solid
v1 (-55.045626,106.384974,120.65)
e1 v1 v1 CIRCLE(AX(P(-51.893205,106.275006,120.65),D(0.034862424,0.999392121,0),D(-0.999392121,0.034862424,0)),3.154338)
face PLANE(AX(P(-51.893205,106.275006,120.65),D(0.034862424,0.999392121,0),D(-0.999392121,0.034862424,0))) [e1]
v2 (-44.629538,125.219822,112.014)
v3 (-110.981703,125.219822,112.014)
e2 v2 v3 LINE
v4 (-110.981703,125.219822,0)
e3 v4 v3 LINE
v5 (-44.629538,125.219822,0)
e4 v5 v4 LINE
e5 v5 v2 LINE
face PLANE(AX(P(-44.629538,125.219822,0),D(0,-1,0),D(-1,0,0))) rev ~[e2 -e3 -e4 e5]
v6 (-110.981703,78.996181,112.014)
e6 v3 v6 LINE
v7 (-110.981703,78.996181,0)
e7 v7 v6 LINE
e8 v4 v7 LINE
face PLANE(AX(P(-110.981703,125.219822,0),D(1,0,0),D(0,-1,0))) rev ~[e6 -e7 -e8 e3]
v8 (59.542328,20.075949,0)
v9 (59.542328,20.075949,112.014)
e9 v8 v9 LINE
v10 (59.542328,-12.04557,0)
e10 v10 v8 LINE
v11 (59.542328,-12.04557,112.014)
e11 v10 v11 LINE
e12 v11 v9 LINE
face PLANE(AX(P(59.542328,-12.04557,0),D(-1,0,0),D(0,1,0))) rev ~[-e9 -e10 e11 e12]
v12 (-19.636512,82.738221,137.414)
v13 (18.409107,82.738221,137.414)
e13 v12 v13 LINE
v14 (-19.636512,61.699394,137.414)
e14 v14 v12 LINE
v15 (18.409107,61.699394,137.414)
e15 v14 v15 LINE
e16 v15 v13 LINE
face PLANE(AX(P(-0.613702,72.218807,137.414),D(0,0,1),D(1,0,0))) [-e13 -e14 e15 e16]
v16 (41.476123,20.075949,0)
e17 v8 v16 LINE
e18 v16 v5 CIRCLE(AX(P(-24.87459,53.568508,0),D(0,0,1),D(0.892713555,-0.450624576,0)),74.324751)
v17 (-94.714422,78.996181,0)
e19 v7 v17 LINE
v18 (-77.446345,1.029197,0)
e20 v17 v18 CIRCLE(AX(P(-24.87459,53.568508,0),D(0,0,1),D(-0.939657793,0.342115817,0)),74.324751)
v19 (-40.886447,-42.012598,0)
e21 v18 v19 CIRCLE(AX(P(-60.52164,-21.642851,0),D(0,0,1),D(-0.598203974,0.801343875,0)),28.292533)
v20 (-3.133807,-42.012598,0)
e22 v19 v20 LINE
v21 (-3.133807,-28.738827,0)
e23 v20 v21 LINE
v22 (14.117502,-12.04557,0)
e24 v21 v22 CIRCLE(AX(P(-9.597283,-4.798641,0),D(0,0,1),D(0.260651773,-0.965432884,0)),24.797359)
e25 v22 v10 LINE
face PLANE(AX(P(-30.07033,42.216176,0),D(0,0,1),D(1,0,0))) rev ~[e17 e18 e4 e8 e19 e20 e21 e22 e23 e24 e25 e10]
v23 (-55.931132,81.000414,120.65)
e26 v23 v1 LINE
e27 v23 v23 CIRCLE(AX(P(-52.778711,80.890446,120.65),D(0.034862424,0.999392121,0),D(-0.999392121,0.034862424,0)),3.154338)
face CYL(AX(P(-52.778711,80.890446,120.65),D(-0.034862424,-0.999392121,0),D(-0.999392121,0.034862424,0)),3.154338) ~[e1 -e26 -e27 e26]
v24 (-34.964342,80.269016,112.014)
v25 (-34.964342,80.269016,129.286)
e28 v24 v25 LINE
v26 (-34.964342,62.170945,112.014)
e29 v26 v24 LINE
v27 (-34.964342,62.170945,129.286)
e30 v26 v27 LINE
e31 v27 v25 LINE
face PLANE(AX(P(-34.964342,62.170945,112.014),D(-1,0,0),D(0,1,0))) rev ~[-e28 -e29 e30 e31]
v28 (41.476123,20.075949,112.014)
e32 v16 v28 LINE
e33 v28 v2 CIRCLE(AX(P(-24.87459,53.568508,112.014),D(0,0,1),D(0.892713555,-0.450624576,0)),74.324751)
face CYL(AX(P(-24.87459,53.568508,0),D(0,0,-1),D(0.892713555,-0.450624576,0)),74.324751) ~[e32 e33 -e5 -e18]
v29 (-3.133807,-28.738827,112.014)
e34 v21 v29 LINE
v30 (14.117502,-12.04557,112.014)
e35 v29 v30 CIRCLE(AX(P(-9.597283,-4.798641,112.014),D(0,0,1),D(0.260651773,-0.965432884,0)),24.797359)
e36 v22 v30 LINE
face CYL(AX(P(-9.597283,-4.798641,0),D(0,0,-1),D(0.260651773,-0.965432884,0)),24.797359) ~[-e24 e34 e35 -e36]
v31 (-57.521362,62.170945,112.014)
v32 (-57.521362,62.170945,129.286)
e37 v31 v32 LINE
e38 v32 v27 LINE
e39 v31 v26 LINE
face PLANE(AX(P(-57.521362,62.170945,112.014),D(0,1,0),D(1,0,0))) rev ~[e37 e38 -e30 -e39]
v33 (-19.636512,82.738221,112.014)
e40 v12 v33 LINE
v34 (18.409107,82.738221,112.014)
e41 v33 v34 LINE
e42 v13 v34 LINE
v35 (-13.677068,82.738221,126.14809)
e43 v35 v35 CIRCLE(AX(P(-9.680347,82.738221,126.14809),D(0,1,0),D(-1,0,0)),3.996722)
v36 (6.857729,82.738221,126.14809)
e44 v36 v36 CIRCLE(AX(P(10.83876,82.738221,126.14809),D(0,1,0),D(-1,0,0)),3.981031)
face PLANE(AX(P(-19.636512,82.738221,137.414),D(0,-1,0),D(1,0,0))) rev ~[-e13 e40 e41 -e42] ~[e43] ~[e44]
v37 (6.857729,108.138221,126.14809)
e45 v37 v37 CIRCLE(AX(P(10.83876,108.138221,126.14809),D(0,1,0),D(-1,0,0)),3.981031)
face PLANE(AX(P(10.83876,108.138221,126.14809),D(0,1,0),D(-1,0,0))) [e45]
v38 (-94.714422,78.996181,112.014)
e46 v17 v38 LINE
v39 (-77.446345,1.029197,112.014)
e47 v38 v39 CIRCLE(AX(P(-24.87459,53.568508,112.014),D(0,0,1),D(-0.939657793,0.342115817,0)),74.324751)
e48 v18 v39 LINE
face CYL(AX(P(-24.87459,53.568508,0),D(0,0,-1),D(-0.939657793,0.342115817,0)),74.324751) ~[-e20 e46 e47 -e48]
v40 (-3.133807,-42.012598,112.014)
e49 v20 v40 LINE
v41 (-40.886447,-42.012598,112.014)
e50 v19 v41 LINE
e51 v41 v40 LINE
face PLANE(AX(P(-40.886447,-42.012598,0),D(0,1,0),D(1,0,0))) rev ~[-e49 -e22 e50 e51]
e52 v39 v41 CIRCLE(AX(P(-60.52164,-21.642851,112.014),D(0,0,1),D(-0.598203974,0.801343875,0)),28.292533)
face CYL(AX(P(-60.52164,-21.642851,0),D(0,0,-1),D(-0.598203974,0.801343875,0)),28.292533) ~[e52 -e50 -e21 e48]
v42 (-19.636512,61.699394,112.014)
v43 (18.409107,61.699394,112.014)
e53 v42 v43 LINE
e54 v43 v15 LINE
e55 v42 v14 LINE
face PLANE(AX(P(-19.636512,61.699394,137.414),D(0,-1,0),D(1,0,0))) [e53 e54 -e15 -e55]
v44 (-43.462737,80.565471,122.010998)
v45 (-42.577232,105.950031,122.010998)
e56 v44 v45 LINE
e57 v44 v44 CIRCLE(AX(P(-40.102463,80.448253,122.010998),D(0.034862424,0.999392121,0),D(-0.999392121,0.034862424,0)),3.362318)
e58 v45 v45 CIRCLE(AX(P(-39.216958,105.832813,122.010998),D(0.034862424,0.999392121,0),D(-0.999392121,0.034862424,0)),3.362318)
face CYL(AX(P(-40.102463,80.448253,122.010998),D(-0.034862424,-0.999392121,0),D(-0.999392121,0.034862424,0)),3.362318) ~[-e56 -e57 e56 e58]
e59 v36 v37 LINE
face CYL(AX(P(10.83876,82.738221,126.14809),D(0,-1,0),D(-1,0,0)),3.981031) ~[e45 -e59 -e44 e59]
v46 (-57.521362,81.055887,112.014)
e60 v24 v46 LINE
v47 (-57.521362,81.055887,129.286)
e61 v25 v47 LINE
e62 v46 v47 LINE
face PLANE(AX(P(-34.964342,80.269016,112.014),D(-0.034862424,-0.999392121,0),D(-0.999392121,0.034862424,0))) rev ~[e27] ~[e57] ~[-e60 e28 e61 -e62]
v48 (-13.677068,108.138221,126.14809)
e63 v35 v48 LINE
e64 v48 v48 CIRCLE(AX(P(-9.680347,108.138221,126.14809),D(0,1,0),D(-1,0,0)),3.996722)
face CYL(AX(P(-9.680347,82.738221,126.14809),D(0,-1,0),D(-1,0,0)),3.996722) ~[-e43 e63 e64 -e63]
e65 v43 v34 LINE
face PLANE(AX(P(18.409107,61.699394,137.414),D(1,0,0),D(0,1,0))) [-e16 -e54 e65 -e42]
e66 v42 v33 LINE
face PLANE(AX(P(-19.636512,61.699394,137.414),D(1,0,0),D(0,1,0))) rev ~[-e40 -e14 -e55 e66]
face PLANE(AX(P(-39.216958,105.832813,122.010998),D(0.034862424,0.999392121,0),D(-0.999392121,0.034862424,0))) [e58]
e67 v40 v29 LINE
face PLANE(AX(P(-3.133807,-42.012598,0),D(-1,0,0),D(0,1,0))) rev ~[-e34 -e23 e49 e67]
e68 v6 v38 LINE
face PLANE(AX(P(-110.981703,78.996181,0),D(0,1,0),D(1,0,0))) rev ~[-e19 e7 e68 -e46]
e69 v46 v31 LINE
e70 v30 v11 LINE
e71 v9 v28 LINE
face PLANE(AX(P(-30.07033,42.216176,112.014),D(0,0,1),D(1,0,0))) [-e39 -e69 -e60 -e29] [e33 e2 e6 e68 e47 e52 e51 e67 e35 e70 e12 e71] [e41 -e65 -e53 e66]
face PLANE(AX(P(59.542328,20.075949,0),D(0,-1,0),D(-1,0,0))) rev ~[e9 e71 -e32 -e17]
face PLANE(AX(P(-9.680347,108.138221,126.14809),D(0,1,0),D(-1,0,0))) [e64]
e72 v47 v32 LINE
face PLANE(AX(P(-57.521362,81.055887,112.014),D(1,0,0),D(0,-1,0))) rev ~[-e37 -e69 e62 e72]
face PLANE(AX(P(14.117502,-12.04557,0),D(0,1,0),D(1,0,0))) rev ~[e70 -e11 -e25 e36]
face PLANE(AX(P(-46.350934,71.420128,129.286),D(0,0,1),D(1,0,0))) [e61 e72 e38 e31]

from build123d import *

# Parameters (mm, degrees)
F1_DEPTH  = 112.014
F3_DEPTH  = 17.272
F4_R      = 3.3623176789
F5_DEPTH  = 25.4
F6_R      = 3.1543384868
F7_DEPTH  = 25.4
F8_W      = 38.0456186831
F8_H      = 21.038826555
F9_DEPTH  = 25.4
F10_DEPTH = 8.382
F11_DEPTH = 10.414
F12_DEPTH = 9.652
F13_DEPTH = 11.684
F14_R     = 3.9810308691
F14_R_2   = 3.9967217836
F15_DEPTH = 25.4


with BuildPart() as f1:
    # F0 (on Top) → F1 (new body)
    with BuildSketch(Plane.XY):
        with BuildLine():
            ThreePointArc((-94.7144221793, 78.996181488), (-97.4408484509, 37.4965810895), (-77.4463454997, 1.029197235))
            ThreePointArc((-77.4463454997, 1.029197235), (-82.0851675961, -39.9590099953), (-40.8864470189, -42.0125983655))
            Line((-40.8864470189, -42.0125983655), (-3.1338073313, -42.0125983655))
            Line((-3.1338073313, -42.0125983655), (-3.1338073313, -28.7388270008))
            ThreePointArc((-3.1338073313, -28.7388270008), (7.6465004578, -22.6188809922), (14.1175022251, -12.0455697179))
            Line((14.1175022251, -12.0455697179), (59.5423281193, -12.0455697179))
            Line((59.5423281193, -12.0455697179), (59.5423281193, 20.0759489089))
            Line((59.5423281193, 20.0759489089), (41.4761226971, 20.0759489089))
            ThreePointArc((41.4761226971, 20.0759489089), (32.6284517751, 100.6595778454), (-44.6295377394, 125.2198219299))
            Line((-44.6295377394, 125.2198219299), (-110.9817028046, 125.2198219299))
            Line((-110.9817028046, 125.2198219299), (-110.9817028046, 78.996181488))
            Line((-110.9817028046, 78.996181488), (-94.7144221793, 78.996181488))
        make_face()
    extrude(amount=F1_DEPTH)

    # F2 (on face) → F3 (join)
    with BuildSketch(Plane.XY.offset(112.014)):
        Polygon((-34.9643416703, 80.2690163255), (-57.5213618577, 81.0558870435), (-57.5213618577, 62.1709451079), (-34.9643416703, 62.1709451079), align=None)
    extrude(amount=F3_DEPTH)

    # F4 (on face) → F5 (join)
    with BuildSketch(Plane(origin=(2.7541761254, 78.9532575536, 0), x_dir=(-0.9993921209, 0.0348624237, 0), z_dir=(0.0348624237, 0.9993921209, 0))):
        with Locations((42.88270697, 122.0109984279)):
            Circle(F4_R)
    extrude(amount=F5_DEPTH)

    # F6 (on face) → F7 (join)
    with BuildSketch(Plane(origin=(2.7541761254, 78.9532575536, 0), x_dir=(-0.9993921209, 0.0348624237, 0), z_dir=(0.0348624237, 0.9993921209, 0))):
        with Locations((55.5666647851, 120.65)):
            Circle(F6_R)
    extrude(amount=F7_DEPTH)

    # F8 (on face) → F9 (join)
    with BuildSketch(Plane.XY.offset(112.014)):
        with Locations((-0.6137024611, 72.2188074142)):
            Rectangle(F8_W, F8_H)
    extrude(amount=F9_DEPTH)

    # F10 (add): a face of the model
    f10_faces = [f1.faces().sort_by_distance(p)[0] for p in [
        (-0.6137024611, 72.2188074142, 137.414),
    ]]
    extrude(f10_faces, amount=-F10_DEPTH)

    # F11 (add): a face of the model
    f11_faces = [f1.faces().sort_by_distance(p)[0] for p in [
        (-0.6137024611, 72.2188074142, 137.414),
    ]]
    extrude(f11_faces, amount=-F11_DEPTH)

    # F12 (add): a face of the model
    f12_faces = [f1.faces().sort_by_distance(p)[0] for p in [
        (-0.6137024611, 72.2188074142, 137.414),
    ]]
    extrude(f12_faces, amount=-F12_DEPTH)

    # F13 (add): a face of the model
    f13_faces = [f1.faces().sort_by_distance(p)[0] for p in [
        (-0.6137024611, 72.2188074142, 137.414),
    ]]
    extrude(f13_faces, amount=-F13_DEPTH)

    # F14 (on face) → F15 (join)
    with BuildSketch(Plane(origin=(0, 82.7382206917, 0), x_dir=(-1, 0, 0), z_dir=(0, 1, 0))):
        with Locations((-10.8387600631, 126.1480897665)):
            Circle(F14_R)
        with Locations((9.6803465858, 126.1480897665)):
            Circle(F14_R_2)
    extrude(amount=F15_DEPTH)


solid = f1.part
